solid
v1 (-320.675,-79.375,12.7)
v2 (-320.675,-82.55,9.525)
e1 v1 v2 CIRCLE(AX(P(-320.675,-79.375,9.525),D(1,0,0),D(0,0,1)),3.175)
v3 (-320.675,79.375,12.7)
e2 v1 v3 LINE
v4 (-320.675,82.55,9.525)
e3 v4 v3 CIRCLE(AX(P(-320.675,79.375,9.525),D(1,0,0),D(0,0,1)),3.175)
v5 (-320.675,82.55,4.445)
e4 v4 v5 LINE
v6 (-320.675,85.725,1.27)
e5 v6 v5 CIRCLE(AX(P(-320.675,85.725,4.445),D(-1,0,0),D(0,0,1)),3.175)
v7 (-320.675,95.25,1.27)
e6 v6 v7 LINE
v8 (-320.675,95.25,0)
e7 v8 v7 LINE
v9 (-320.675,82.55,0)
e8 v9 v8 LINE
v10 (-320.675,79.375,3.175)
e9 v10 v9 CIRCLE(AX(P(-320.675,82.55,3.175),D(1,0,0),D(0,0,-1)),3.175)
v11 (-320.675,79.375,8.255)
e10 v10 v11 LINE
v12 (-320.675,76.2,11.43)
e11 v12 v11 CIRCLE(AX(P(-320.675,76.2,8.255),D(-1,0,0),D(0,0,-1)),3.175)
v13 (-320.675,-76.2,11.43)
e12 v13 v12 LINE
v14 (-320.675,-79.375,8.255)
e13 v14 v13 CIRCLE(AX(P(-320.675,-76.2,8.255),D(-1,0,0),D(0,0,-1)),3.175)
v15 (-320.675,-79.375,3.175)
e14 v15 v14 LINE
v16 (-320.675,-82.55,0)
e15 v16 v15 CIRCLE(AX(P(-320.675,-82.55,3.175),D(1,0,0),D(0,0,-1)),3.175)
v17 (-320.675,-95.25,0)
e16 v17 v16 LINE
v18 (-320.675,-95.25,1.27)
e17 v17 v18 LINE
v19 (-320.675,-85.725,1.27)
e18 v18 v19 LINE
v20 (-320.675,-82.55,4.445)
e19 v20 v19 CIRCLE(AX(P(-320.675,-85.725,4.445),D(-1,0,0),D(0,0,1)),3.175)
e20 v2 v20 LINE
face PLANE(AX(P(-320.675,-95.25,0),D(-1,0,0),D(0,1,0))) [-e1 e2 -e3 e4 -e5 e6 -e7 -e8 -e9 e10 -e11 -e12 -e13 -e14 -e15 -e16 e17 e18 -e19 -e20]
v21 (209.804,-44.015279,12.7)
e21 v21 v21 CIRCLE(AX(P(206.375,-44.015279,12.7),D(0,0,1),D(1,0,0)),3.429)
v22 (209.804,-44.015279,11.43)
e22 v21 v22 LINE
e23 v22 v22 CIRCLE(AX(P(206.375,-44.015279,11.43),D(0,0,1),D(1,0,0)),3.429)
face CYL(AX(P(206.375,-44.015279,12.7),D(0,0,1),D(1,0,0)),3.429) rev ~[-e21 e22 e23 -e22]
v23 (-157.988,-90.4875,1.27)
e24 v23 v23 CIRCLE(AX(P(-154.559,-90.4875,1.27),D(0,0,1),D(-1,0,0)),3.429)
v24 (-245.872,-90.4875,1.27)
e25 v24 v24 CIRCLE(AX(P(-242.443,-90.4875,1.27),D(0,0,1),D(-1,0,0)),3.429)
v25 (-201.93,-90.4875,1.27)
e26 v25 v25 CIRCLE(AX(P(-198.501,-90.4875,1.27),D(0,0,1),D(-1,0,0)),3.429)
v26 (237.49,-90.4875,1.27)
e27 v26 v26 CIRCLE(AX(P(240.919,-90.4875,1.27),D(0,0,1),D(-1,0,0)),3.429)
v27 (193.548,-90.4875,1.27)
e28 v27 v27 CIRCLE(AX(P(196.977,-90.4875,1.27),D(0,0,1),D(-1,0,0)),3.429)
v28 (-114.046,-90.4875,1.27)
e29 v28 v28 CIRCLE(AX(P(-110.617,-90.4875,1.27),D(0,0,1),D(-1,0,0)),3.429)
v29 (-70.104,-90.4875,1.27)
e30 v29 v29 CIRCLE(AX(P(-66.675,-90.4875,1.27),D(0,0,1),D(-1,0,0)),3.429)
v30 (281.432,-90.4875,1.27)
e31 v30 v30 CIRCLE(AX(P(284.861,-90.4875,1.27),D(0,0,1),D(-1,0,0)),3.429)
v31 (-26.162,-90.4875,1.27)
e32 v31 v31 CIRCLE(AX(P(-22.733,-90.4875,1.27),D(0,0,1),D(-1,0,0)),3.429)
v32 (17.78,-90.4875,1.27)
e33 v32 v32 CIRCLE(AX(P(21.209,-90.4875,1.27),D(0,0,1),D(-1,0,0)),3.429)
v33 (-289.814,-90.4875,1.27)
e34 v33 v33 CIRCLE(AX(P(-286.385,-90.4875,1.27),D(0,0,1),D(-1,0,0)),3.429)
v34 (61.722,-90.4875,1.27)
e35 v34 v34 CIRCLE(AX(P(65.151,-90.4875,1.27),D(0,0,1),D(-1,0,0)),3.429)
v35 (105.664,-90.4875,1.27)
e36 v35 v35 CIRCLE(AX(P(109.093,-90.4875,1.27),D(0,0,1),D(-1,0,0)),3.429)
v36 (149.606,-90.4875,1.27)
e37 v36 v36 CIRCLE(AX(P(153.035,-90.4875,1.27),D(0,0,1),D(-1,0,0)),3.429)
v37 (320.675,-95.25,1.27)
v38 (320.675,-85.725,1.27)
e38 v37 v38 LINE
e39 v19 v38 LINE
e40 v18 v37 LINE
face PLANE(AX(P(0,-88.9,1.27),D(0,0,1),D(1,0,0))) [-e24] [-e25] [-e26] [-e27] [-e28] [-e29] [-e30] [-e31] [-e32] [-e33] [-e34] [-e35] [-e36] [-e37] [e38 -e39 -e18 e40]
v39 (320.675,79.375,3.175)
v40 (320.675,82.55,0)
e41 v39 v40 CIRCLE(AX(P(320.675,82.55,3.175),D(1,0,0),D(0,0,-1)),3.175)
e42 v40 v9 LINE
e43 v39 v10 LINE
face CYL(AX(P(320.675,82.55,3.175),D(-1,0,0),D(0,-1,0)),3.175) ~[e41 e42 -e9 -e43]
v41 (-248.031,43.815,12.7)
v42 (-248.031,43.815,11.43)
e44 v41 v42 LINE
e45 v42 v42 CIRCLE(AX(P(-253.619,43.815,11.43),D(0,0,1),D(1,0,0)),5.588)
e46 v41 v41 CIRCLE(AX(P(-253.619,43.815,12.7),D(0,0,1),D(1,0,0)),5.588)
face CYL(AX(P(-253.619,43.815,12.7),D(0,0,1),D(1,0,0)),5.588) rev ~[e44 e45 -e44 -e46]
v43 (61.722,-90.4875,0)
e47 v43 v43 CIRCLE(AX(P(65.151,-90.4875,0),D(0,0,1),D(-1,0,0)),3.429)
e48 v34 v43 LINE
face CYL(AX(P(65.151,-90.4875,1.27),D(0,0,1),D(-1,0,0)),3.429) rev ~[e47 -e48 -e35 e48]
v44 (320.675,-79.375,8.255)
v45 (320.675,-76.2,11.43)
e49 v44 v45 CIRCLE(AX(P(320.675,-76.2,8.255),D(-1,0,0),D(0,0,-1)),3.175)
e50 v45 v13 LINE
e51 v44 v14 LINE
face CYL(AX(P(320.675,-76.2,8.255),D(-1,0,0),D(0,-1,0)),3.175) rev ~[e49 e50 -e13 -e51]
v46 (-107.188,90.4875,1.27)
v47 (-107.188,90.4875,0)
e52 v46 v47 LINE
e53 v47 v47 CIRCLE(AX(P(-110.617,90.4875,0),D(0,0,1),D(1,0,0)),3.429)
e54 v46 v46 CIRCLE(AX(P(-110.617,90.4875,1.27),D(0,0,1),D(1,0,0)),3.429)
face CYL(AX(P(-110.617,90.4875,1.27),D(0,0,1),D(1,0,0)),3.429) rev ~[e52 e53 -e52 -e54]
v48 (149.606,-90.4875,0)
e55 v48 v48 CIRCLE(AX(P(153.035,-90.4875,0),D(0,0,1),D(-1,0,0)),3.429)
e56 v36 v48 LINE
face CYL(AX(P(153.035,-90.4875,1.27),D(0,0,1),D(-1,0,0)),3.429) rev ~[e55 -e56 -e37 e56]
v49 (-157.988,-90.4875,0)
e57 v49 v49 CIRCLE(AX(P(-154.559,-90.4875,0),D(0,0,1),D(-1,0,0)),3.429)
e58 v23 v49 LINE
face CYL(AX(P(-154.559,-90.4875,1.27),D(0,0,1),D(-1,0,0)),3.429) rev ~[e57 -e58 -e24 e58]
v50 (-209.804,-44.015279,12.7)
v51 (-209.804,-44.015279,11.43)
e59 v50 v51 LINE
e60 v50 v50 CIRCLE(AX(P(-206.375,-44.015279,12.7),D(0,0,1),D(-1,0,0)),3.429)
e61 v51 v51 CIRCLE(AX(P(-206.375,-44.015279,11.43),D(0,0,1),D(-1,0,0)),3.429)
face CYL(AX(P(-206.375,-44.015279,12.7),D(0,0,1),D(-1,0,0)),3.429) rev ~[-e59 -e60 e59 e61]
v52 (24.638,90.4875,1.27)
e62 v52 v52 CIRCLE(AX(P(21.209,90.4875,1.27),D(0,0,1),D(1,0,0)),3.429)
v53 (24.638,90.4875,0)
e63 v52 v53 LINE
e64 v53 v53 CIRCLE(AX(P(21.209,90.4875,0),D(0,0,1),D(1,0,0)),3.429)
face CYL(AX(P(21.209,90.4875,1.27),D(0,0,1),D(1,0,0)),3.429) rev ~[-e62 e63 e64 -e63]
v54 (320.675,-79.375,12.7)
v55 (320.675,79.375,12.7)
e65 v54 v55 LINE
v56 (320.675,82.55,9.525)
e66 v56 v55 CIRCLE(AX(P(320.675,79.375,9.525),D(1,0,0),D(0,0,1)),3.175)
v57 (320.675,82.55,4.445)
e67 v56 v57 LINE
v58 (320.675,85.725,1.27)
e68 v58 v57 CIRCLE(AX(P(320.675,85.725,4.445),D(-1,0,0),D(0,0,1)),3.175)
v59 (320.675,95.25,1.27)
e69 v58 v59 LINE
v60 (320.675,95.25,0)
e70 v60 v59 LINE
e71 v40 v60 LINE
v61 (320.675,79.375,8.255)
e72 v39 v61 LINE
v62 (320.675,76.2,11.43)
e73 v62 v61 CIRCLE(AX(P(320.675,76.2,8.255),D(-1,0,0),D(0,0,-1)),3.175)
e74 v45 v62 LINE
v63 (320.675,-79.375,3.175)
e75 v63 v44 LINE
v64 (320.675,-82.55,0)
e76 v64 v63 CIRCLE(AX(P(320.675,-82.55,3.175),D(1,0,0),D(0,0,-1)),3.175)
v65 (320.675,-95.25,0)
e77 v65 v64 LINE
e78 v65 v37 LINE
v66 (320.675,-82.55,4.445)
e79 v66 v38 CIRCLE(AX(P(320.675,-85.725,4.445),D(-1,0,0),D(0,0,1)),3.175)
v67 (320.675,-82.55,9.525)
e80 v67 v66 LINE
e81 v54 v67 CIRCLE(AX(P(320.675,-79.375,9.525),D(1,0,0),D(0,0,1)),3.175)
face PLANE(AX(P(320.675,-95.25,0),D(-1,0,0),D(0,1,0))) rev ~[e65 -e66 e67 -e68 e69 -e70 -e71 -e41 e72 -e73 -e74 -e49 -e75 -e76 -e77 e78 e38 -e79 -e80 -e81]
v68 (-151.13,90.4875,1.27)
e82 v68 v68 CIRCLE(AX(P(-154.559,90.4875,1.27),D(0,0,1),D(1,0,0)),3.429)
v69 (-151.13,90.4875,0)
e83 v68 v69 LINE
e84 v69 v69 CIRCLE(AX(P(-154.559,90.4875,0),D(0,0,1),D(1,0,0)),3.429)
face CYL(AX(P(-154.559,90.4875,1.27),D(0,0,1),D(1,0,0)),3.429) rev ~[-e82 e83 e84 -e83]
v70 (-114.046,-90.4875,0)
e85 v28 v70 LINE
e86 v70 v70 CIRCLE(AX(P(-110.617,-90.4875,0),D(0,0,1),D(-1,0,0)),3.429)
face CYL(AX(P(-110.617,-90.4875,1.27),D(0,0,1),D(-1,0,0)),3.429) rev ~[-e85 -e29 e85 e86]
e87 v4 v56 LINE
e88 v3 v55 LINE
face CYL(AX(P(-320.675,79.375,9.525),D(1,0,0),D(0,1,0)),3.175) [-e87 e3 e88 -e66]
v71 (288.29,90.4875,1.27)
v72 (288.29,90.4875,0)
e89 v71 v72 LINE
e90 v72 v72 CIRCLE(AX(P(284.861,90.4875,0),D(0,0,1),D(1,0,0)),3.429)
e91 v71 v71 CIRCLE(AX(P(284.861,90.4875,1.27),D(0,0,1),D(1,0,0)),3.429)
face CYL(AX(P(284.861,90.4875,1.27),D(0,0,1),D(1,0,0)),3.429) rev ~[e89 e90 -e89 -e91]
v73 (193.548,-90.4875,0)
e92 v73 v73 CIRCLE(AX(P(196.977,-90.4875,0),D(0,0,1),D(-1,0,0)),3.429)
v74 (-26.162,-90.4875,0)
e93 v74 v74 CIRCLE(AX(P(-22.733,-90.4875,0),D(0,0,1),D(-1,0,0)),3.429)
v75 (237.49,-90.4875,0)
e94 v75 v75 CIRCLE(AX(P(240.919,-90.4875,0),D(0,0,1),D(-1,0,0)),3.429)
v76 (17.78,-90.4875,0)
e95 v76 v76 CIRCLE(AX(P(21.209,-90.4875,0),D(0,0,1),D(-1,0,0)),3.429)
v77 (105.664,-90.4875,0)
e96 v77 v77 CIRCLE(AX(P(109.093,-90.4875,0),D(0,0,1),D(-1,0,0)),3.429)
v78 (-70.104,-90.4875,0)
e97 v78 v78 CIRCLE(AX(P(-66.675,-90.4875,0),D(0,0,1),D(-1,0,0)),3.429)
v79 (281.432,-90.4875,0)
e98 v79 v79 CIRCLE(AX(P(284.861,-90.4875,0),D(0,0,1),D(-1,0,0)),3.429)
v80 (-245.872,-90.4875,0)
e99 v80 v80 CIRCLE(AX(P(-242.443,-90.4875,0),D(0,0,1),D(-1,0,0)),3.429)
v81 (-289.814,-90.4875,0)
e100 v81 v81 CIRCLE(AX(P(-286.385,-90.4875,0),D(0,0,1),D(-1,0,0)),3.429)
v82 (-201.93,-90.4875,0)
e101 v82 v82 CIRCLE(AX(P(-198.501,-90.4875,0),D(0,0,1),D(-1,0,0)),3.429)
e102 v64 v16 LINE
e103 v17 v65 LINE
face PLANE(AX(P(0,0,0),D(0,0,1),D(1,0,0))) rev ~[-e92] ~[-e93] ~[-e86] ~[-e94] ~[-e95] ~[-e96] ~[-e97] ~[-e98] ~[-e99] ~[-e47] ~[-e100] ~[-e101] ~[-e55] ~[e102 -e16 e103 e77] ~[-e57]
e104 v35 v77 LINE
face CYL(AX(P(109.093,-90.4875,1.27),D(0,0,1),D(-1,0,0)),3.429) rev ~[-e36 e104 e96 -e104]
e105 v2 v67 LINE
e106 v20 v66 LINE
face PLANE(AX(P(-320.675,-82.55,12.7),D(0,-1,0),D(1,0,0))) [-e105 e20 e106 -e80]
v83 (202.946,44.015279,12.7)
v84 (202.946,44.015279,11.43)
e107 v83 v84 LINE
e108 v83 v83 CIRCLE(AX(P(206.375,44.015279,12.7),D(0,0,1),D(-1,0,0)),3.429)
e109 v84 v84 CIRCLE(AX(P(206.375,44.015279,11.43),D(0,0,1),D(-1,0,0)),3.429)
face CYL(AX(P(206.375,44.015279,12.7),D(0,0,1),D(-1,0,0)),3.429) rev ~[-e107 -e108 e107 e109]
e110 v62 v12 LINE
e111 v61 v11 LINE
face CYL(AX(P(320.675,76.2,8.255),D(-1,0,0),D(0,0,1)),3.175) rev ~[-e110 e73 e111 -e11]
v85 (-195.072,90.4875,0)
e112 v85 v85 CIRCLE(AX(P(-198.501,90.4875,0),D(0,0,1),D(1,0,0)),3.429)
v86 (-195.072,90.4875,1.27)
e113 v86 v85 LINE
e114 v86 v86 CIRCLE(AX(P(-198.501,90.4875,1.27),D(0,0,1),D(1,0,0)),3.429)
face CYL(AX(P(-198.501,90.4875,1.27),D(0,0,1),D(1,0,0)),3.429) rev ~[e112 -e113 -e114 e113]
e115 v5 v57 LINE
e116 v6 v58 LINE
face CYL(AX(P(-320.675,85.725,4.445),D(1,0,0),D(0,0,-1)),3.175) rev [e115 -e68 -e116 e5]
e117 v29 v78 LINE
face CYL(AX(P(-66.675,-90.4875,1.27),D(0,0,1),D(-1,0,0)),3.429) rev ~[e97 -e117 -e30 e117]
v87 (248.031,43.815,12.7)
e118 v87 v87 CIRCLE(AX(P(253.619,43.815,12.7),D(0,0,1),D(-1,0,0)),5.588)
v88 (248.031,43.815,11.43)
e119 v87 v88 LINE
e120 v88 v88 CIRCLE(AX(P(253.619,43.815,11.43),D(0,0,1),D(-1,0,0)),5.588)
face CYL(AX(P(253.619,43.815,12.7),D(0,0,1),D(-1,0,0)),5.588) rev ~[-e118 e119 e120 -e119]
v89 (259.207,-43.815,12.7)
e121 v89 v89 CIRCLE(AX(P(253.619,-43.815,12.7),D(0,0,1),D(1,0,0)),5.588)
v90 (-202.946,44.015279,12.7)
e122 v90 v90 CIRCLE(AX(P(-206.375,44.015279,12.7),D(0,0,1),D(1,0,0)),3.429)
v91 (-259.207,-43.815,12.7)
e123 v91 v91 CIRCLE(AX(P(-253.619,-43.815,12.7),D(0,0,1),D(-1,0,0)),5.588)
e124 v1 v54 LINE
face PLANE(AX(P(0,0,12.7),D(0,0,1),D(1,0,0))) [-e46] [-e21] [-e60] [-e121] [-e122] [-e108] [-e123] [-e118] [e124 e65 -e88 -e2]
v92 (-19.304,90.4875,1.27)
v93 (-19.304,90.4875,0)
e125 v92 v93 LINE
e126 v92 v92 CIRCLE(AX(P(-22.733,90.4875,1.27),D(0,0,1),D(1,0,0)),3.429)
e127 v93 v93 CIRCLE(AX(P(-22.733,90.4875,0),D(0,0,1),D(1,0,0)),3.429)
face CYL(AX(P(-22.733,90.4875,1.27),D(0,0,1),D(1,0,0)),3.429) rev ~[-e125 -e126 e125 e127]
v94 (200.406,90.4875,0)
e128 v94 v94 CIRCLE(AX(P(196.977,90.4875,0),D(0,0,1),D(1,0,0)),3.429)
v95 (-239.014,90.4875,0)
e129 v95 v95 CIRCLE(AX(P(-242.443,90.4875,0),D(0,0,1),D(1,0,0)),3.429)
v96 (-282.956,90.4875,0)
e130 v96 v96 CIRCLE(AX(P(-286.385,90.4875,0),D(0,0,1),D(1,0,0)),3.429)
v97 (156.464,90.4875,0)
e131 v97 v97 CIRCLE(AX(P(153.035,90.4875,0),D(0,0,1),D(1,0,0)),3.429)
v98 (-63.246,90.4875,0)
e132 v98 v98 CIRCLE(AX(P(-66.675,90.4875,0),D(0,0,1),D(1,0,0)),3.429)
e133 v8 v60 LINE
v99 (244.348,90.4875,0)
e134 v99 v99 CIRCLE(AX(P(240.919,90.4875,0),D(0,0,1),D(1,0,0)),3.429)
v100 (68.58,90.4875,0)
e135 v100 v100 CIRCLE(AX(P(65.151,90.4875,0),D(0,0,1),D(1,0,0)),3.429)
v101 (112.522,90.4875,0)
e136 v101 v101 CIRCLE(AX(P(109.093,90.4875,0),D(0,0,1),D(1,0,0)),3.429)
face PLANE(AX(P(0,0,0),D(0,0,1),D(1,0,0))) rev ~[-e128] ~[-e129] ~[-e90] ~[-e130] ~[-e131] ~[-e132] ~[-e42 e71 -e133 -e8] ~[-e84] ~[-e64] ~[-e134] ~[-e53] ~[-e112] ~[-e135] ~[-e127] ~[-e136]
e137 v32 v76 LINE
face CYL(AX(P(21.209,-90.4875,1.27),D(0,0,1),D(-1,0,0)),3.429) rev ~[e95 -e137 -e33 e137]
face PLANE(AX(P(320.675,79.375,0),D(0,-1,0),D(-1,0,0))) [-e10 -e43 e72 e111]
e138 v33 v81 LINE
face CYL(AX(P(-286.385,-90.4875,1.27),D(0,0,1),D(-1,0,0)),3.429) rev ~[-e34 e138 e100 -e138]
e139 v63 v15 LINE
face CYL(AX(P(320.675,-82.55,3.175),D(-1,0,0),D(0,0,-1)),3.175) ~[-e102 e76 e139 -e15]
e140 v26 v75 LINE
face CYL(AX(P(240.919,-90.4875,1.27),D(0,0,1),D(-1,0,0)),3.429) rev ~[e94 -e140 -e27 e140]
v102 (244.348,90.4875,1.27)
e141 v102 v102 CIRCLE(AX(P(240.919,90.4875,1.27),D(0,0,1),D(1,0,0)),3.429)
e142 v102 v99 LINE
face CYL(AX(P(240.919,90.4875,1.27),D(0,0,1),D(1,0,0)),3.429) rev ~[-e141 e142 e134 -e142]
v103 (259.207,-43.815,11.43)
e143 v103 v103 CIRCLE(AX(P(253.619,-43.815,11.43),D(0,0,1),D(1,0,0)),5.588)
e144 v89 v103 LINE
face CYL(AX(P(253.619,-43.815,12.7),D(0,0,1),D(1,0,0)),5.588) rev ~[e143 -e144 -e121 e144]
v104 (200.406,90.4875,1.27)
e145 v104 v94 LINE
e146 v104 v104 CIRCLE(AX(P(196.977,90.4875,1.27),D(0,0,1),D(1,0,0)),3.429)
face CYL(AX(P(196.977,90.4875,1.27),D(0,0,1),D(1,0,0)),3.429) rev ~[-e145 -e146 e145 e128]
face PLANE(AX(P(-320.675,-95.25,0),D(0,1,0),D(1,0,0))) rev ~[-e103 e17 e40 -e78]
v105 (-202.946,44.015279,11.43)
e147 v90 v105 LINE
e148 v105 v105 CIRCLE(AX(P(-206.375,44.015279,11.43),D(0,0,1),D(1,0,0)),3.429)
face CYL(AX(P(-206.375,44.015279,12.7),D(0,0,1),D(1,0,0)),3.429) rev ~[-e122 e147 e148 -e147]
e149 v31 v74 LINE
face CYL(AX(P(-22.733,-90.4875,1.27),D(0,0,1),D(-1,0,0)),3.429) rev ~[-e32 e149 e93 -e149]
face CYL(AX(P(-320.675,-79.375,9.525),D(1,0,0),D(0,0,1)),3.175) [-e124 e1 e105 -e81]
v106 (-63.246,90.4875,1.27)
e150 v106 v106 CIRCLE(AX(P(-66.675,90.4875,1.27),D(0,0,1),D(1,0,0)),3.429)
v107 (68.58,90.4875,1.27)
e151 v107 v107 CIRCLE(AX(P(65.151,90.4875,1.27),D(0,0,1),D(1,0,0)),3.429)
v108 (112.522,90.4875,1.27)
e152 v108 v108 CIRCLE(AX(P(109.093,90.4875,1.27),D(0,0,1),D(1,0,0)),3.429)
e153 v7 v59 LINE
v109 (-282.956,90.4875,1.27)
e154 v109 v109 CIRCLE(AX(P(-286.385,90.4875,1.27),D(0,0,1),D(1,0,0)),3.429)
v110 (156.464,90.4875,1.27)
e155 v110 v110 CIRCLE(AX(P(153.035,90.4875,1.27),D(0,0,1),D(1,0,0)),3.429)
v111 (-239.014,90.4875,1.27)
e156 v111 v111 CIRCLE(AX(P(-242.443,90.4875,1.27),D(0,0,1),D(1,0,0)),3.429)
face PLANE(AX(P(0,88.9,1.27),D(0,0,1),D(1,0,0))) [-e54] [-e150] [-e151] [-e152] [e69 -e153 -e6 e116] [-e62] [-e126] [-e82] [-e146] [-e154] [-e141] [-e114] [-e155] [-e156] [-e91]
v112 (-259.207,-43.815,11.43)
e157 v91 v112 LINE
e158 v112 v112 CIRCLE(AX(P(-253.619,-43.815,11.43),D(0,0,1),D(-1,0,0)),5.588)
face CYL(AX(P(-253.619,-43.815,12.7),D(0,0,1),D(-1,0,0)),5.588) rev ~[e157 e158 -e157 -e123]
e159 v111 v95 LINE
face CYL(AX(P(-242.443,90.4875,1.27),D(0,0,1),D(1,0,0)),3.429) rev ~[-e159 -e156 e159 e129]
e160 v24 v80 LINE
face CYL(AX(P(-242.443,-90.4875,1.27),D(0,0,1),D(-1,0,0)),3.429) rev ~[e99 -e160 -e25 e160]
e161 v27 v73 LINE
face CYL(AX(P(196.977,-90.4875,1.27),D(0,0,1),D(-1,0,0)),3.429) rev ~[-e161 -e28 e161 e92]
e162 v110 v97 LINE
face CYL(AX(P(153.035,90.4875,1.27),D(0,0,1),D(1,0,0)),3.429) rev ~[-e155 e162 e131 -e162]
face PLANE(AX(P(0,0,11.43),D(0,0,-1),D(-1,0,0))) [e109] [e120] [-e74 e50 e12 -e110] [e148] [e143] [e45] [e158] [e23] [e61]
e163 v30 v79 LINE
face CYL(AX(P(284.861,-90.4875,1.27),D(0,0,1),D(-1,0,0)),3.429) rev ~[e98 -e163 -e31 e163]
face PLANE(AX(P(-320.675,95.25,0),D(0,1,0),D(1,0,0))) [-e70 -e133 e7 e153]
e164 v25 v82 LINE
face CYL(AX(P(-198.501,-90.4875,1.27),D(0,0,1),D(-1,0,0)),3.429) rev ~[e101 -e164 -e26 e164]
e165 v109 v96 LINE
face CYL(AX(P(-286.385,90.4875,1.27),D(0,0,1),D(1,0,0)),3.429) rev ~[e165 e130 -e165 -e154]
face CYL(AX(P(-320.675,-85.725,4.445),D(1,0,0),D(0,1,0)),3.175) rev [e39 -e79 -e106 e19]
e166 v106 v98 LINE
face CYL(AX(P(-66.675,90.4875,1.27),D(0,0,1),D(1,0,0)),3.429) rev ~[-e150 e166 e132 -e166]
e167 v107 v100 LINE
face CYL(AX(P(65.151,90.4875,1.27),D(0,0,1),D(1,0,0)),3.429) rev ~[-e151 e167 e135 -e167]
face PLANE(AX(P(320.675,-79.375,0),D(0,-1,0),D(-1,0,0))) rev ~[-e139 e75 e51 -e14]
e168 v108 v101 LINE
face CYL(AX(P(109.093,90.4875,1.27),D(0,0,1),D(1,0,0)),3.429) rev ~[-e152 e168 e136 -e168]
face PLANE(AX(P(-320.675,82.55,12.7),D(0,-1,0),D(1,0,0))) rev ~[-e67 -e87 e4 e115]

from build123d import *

# Parameters (mm, degrees)
SKETCH1_W           = 641.35
SKETCH1_H           = 190.5
BOSS_EXTRUDE1_DEPTH = 12.7
SKETCH2_W           = 641.35
SKETCH2_H           = 12.7
CUT_EXTRUDE1_DEPTH  = 11.43
SKETCH4_W           = 641.35
SKETCH4_H           = 158.75
CUT_EXTRUDE2_DEPTH  = 11.43
FILLET2_R           = 3.175
SKETCH6_R           = 3.429
CUT_EXTRUDE3_DEPTH  = 11.43
SKETCH8_R           = 5.588
CUT_EXTRUDE4_DEPTH  = 11.43
SKETCH9_R           = 3.429
CUT_EXTRUDE5_DEPTH  = 11.43


with BuildPart() as part:
    # Sketch1 → Boss-Extrude1 (new body)
    with BuildSketch(Plane.XY):
        Rectangle(SKETCH1_W, SKETCH1_H)
    extrude(amount=BOSS_EXTRUDE1_DEPTH)

    # Sketch2 → Cut-Extrude1 (cut)
    with BuildSketch(Plane.XY.offset(12.7)):
        with Locations((0, 88.9)):
            Rectangle(SKETCH2_W, SKETCH2_H)
        with Locations((0, -88.9)):
            Rectangle(SKETCH2_W, SKETCH2_H)
    extrude(amount=-CUT_EXTRUDE1_DEPTH, mode=Mode.SUBTRACT)

    # Sketch4 → Cut-Extrude2 (cut)
    with BuildSketch(Plane(origin=(0, 0, 0), x_dir=(-1, 0, 0), z_dir=(0, 0, -1))):
        Rectangle(SKETCH4_W, SKETCH4_H)
    extrude(amount=-CUT_EXTRUDE2_DEPTH, mode=Mode.SUBTRACT)

    # Fillet2
    fillet2_edges = [part.edges().sort_by_distance(p)[0] for p in [
        (0, 82.55, 1.27),
        (0, 82.55, 12.7),
        (0, -82.55, 12.7),
        (0, -82.55, 1.27),
        (0, 79.375, 0),
        (0, -79.375, 11.43),
        (0, 79.375, 11.43),
        (0, -79.375, 0),
    ]]
    fillet(fillet2_edges, radius=FILLET2_R)

    # Sketch6 → Cut-Extrude3 (cut)
    with BuildSketch(Plane.XY.offset(1.27)):
        with Locations((-286.385, 90.4875)):
            Circle(SKETCH6_R)
        with Locations((-242.443, 90.4875)):
            Circle(SKETCH6_R)
        with Locations((-198.501, 90.4875)):
            Circle(SKETCH6_R)
        with Locations((-154.559, 90.4875)):
            Circle(SKETCH6_R)
        with Locations((-110.617, 90.4875)):
            Circle(SKETCH6_R)
        with Locations((-66.675, 90.4875)):
            Circle(SKETCH6_R)
        with Locations((-22.733, 90.4875)):
            Circle(SKETCH6_R)
        with Locations((21.209, 90.4875)):
            Circle(SKETCH6_R)
        with Locations((65.151, 90.4875)):
            Circle(SKETCH6_R)
        with Locations((109.093, 90.4875)):
            Circle(SKETCH6_R)
        with Locations((153.035, 90.4875)):
            Circle(SKETCH6_R)
        with Locations((196.977, 90.4875)):
            Circle(SKETCH6_R)
        with Locations((240.919, 90.4875)):
            Circle(SKETCH6_R)
        with Locations((284.861, 90.4875)):
            Circle(SKETCH6_R)
        with Locations(Location((284.861, -90.4875, 0), (0, 0, 180))):
            Circle(SKETCH6_R)
        with Locations(Location((240.919, -90.4875, 0), (0, 0, 180))):
            Circle(SKETCH6_R)
        with Locations(Location((196.977, -90.4875, 0), (0, 0, 180))):
            Circle(SKETCH6_R)
        with Locations(Location((153.035, -90.4875, 0), (0, 0, 180))):
            Circle(SKETCH6_R)
        with Locations(Location((109.093, -90.4875, 0), (0, 0, 180))):
            Circle(SKETCH6_R)
        with Locations(Location((65.151, -90.4875, 0), (0, 0, 180))):
            Circle(SKETCH6_R)
        with Locations(Location((21.209, -90.4875, 0), (0, 0, 180))):
            Circle(SKETCH6_R)
        with Locations(Location((-22.733, -90.4875, 0), (0, 0, 180))):
            Circle(SKETCH6_R)
        with Locations(Location((-66.675, -90.4875, 0), (0, 0, 180))):
            Circle(SKETCH6_R)
        with Locations(Location((-110.617, -90.4875, 0), (0, 0, 180))):
            Circle(SKETCH6_R)
        with Locations(Location((-154.559, -90.4875, 0), (0, 0, 180))):
            Circle(SKETCH6_R)
        with Locations(Location((-198.501, -90.4875, 0), (0, 0, 180))):
            Circle(SKETCH6_R)
        with Locations(Location((-242.443, -90.4875, 0), (0, 0, 180))):
            Circle(SKETCH6_R)
        with Locations(Location((-286.385, -90.4875, 0), (0, 0, 180))):
            Circle(SKETCH6_R)
    extrude(amount=-CUT_EXTRUDE3_DEPTH, mode=Mode.SUBTRACT)

    # Sketch8 → Cut-Extrude4 (cut)
    with BuildSketch(Plane.XY.offset(12.7)):
        with Locations((-253.619, 43.815)):
            Circle(SKETCH8_R)
        with Locations(Location((253.619, 43.815, 0), (0, 0, 180))):
            Circle(SKETCH8_R)
        with Locations((253.619, -43.815)):
            Circle(SKETCH8_R)
        with Locations(Location((-253.619, -43.815, 0), (0, 0, 180))):
            Circle(SKETCH8_R)
    extrude(amount=-CUT_EXTRUDE4_DEPTH, mode=Mode.SUBTRACT)

    # Sketch9 → Cut-Extrude5 (cut)
    with BuildSketch(Plane.XY.offset(12.7)):
        with Locations((-206.375, 44.015279051)):
            Circle(SKETCH9_R)
        with Locations(Location((206.375, 44.015279051, 0), (0, 0, 180))):
            Circle(SKETCH9_R)
        with Locations((206.375, -44.015279051)):
            Circle(SKETCH9_R)
        with Locations(Location((-206.375, -44.015279051, 0), (0, 0, 180))):
            Circle(SKETCH9_R)
    extrude(amount=-CUT_EXTRUDE5_DEPTH, mode=Mode.SUBTRACT)


solid = part.part
